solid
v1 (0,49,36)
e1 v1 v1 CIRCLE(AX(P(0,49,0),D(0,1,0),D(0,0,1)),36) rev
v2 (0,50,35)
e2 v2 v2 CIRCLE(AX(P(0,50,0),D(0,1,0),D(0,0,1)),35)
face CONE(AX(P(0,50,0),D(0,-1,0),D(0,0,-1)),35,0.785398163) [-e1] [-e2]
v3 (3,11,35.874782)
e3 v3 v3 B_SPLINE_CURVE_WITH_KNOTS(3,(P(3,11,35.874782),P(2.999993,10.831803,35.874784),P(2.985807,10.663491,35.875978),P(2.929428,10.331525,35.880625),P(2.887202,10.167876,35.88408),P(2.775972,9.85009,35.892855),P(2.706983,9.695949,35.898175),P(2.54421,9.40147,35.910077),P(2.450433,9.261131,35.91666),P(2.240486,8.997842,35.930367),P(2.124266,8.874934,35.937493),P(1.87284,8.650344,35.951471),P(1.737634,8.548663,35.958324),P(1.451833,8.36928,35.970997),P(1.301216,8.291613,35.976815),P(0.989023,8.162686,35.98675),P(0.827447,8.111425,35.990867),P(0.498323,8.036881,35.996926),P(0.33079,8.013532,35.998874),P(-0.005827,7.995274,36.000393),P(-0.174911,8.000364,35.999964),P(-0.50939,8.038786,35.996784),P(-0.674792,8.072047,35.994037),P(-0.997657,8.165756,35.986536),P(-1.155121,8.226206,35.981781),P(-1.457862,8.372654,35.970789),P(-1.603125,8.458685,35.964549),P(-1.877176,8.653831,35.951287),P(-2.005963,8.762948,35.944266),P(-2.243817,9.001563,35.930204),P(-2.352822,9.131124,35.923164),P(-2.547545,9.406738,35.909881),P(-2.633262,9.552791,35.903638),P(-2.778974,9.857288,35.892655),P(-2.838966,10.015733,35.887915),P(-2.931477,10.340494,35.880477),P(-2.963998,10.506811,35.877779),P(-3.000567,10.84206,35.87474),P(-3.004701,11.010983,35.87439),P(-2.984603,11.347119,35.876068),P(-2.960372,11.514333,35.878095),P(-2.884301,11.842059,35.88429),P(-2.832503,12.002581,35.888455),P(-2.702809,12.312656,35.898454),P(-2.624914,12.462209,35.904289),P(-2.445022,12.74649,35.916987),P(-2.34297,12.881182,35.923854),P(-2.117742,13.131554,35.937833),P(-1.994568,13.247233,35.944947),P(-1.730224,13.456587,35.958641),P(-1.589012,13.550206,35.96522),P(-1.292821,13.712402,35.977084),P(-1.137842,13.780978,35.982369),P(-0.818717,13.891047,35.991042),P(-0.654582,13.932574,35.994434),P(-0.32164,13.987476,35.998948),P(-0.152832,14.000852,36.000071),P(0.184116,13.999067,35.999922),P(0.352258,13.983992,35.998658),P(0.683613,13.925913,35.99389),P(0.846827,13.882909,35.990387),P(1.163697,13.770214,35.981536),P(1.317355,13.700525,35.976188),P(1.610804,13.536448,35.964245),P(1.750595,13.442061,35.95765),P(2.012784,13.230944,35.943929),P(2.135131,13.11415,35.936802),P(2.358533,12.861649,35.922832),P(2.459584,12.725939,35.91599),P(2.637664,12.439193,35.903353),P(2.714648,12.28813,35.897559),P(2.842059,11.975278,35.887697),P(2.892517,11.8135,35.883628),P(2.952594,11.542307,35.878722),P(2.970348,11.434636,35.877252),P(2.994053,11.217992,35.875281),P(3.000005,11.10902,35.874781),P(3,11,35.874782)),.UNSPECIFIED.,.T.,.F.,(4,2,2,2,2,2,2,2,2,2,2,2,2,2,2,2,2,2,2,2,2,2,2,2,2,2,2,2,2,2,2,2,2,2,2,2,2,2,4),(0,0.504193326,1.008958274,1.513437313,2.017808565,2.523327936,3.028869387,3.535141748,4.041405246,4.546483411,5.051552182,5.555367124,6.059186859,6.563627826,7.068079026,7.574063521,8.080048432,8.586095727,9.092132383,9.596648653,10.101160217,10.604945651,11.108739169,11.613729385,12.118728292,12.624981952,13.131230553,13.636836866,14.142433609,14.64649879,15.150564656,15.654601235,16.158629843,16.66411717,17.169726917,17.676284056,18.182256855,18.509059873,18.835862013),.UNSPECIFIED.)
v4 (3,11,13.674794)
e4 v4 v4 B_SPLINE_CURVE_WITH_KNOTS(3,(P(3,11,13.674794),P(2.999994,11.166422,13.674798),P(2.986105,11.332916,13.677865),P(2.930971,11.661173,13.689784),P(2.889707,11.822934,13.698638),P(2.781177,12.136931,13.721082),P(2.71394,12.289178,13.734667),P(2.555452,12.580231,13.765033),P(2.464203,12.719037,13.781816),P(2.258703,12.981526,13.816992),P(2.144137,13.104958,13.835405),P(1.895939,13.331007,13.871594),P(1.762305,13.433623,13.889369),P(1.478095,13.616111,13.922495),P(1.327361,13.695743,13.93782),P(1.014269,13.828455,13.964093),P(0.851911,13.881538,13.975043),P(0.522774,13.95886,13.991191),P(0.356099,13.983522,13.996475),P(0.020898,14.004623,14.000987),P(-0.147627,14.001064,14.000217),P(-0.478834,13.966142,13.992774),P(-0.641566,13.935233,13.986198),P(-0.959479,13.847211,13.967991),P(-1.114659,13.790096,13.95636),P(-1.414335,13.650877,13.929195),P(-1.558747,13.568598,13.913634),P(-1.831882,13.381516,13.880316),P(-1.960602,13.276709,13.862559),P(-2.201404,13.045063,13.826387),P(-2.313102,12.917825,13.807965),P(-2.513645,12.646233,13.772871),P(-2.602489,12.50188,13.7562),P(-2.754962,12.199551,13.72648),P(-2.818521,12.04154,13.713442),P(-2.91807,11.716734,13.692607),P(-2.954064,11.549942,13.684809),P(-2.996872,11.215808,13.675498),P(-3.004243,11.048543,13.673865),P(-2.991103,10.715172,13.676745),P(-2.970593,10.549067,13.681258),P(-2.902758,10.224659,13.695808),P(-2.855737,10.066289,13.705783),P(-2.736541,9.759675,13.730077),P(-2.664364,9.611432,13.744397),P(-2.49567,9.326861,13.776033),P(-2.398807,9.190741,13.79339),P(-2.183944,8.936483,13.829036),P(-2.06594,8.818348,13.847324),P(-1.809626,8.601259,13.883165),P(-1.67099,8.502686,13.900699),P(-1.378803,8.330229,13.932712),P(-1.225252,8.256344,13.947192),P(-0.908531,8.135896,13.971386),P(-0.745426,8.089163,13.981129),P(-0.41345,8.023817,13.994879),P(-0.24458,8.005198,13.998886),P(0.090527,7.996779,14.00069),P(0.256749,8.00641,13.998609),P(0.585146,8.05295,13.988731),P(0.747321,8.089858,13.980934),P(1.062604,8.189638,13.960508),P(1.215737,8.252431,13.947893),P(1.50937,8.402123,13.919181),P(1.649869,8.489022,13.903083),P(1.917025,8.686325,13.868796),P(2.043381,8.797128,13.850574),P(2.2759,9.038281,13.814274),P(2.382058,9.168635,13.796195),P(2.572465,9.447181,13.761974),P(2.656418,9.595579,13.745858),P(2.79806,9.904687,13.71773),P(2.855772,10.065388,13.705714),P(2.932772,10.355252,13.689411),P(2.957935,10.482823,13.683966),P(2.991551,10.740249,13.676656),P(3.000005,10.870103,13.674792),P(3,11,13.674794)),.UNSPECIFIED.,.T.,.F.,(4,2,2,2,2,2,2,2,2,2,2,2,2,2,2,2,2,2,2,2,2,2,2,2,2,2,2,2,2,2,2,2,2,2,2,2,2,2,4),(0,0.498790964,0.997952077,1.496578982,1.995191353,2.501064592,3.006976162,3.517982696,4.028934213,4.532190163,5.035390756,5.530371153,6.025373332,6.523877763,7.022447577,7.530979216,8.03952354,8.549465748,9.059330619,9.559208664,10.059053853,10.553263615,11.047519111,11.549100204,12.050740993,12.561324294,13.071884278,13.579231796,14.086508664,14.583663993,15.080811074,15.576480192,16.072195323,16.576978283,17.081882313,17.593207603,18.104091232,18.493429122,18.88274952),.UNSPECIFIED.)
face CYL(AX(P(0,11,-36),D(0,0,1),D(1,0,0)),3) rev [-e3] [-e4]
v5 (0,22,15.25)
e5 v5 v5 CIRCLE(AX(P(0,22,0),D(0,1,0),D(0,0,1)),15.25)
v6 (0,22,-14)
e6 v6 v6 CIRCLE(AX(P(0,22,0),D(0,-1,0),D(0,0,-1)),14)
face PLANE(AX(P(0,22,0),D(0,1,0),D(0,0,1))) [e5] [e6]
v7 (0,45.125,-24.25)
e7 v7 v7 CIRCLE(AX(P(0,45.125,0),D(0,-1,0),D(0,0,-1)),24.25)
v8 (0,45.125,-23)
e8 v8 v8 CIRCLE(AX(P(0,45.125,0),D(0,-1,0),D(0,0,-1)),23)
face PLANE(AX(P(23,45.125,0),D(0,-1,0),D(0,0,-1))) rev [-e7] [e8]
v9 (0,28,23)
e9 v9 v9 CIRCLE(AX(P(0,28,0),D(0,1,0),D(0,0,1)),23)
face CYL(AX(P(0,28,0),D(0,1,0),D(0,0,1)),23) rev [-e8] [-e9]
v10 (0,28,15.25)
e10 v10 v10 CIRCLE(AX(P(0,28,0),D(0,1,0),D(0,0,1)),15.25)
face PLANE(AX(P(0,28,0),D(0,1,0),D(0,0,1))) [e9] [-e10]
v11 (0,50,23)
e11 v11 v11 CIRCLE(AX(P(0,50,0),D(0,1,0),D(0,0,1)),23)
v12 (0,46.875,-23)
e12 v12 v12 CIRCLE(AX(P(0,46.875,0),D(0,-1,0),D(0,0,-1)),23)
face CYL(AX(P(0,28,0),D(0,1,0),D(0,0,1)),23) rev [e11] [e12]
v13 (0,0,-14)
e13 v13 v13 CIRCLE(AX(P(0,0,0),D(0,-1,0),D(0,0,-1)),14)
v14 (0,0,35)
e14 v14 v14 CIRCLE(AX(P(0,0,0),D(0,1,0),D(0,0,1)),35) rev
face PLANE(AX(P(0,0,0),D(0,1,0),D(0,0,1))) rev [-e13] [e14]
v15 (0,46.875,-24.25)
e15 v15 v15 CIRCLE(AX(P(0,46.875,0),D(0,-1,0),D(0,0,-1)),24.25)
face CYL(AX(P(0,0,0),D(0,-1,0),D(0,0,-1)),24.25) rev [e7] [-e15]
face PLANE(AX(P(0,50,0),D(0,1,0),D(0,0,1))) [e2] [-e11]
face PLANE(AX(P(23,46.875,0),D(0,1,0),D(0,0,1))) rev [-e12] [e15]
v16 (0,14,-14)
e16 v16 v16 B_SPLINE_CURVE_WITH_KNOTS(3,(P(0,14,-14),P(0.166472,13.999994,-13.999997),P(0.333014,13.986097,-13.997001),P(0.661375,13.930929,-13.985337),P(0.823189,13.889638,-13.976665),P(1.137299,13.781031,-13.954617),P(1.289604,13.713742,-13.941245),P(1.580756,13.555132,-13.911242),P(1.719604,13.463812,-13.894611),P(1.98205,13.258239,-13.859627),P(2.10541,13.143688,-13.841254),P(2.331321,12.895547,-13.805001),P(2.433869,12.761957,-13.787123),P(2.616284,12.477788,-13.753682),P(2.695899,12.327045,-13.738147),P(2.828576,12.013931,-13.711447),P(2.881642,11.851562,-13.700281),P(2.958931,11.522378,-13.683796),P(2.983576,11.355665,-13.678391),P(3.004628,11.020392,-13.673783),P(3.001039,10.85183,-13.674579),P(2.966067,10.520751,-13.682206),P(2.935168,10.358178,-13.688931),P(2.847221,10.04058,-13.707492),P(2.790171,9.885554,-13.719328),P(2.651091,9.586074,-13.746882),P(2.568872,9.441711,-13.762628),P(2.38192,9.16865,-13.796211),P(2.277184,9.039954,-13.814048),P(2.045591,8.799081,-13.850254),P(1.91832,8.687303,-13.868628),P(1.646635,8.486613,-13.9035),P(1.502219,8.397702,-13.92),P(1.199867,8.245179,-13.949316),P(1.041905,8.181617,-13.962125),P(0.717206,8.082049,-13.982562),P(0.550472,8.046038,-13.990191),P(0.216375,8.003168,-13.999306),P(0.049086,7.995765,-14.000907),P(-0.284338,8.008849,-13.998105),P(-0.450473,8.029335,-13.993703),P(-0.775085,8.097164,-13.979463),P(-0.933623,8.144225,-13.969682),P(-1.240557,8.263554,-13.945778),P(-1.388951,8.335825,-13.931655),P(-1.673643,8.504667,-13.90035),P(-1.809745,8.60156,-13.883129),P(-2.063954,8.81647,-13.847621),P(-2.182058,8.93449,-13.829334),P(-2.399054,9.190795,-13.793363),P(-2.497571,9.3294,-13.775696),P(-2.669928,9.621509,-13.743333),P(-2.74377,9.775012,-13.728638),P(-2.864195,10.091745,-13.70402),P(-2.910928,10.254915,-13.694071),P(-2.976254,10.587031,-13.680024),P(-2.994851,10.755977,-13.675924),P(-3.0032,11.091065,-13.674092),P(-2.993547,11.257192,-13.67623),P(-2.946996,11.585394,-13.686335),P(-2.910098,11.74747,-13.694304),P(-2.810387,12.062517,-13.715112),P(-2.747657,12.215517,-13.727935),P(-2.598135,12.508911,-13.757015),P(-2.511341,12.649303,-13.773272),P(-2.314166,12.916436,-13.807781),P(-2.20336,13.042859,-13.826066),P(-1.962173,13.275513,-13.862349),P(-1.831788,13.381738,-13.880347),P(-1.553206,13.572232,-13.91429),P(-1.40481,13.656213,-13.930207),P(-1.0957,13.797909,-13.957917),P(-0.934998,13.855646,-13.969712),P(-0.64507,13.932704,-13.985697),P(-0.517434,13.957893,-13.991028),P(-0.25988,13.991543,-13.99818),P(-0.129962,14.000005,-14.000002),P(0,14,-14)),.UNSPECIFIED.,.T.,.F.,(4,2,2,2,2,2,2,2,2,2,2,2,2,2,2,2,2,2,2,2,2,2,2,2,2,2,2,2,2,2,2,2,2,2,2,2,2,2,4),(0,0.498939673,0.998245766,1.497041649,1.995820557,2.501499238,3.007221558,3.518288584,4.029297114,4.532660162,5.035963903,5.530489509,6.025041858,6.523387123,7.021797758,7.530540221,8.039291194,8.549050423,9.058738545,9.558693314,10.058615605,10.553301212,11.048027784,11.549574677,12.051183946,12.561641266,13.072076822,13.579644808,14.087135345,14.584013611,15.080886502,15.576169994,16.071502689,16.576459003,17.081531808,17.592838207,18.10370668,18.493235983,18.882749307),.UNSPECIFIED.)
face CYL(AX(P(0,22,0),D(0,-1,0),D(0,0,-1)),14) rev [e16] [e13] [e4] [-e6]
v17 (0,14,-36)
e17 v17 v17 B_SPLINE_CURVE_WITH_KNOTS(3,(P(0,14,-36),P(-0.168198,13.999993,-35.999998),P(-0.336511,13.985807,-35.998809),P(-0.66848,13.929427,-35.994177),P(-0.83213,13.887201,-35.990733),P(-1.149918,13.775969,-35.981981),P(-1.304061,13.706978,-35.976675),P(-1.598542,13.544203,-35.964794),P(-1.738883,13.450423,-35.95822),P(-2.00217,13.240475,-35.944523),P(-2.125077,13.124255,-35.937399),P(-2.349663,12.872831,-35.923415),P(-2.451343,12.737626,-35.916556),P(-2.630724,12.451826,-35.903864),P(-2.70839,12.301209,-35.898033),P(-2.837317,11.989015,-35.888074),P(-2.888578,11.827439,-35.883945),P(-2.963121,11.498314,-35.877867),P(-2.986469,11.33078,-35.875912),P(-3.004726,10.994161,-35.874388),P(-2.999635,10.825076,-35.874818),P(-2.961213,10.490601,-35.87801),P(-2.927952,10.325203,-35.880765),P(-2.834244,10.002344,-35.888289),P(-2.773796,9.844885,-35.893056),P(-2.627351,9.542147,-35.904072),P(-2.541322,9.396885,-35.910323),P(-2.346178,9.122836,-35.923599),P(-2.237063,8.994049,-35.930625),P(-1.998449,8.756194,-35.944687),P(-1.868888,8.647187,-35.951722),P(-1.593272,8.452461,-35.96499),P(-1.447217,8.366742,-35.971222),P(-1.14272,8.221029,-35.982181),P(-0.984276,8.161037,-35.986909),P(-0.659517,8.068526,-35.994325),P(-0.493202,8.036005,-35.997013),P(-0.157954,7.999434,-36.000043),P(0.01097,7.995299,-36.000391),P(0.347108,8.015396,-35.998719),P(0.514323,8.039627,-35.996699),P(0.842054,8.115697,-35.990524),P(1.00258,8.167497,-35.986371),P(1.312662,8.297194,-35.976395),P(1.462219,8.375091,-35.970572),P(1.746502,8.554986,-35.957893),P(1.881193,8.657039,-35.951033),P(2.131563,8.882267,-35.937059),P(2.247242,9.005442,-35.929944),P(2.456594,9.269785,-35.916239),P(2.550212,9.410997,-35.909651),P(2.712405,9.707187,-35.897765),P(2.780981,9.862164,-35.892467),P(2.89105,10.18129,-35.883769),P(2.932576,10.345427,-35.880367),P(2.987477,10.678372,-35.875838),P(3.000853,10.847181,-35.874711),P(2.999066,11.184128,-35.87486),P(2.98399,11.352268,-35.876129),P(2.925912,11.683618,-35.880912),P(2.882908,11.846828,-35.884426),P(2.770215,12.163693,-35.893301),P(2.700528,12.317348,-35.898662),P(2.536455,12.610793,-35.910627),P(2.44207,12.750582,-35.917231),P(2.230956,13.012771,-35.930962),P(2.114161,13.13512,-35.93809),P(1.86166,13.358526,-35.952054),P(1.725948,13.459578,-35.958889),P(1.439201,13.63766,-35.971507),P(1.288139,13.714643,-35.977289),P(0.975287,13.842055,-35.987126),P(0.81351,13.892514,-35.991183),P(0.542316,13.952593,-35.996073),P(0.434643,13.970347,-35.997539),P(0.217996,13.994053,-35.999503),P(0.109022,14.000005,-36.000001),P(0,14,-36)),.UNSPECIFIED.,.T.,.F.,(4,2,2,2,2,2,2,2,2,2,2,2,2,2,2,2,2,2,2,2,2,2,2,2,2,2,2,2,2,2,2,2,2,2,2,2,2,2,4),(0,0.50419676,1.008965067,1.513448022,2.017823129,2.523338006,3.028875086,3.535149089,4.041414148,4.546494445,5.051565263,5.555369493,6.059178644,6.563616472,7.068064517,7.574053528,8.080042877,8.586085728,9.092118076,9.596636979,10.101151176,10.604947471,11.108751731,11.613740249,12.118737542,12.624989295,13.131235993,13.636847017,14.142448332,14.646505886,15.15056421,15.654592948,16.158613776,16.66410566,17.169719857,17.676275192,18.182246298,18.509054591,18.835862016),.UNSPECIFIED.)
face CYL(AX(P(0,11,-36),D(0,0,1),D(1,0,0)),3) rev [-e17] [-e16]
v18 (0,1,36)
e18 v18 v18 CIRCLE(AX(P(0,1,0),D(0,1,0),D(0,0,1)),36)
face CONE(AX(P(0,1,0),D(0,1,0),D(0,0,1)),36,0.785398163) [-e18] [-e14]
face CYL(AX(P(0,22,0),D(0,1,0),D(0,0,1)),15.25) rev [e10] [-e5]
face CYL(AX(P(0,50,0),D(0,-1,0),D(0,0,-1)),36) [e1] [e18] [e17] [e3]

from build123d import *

# Parameters (mm, degrees)
SKETCH1_R               = 36
BOSS_EXTRUDE1_DEPTH     = 50
SKETCH2_R               = 23
CUT_EXTRUDE1_DEPTH      = 22
SKETCH3_R               = 14
CUT_EXTRUDE2_DEPTH      = 22
SKETCH4_R               = 15.25
CUT_EXTRUDE3_DEPTH      = 6
SKETCH5_W               = 1.25
SKETCH5_H               = 1.75
CUT_EXTRUDE4_DEPTH      = 72.3582511
CUT_EXTRUDE4_DEPTH_BACK = 72.3582511
SKETCH6_R               = 3
CHAMFER1_SIZE           = 1


with BuildPart() as part:
    # Sketch1 → Boss-Extrude1 (new body)
    with BuildSketch(Plane(origin=(0, 0, 0), x_dir=(1, 0, 0), z_dir=(0, 1, 0))):
        with Locations(Location((0, 0, 0), (0, 0, 270))):
            Circle(SKETCH1_R)
    extrude(amount=BOSS_EXTRUDE1_DEPTH)

    # Sketch2 → Cut-Extrude1 (cut)
    with BuildSketch(Plane(origin=(0, 50, 0), x_dir=(1, 0, 0), z_dir=(0, 1, 0))):
        with Locations(Location((0, 0, 0), (0, 0, 270))):
            Circle(SKETCH2_R)
    extrude(amount=-CUT_EXTRUDE1_DEPTH, mode=Mode.SUBTRACT)

    # Sketch3 → Cut-Extrude2 (cut)
    with BuildSketch(Plane.XZ):
        with Locations(Location((0, 0, 0), (0, 0, 270))):
            Circle(SKETCH3_R)
    extrude(amount=-CUT_EXTRUDE2_DEPTH, mode=Mode.SUBTRACT)

    # Sketch4 → Cut-Extrude3 (cut)
    with BuildSketch(Plane(origin=(0, 28, 0), x_dir=(1, 0, 0), z_dir=(0, 1, 0))):
        with Locations(Location((0, 0, 0), (0, 0, 270))):
            Circle(SKETCH4_R)
    extrude(amount=-CUT_EXTRUDE3_DEPTH, mode=Mode.SUBTRACT)

    # Sketch5 → Cut-Revolve1 (revolve, cut)
    with BuildSketch(Plane.XY, mode=Mode.PRIVATE) as cut_revolve1_sk:
        with Locations((23.625, 46)):
            Rectangle(SKETCH5_W, SKETCH5_H)
    revolve(cut_revolve1_sk.sketch.rotate(Axis((0, 0, 0), (0, 1, 0)), 270), axis=Axis((0, 0, 0), (0, 1, 0)), mode=Mode.SUBTRACT)

    # Sketch6 → Cut-Extrude4 (cut, two sides: drawn at the far end of the back side and taken through both)
    with BuildSketch(Plane.XY.offset(-CUT_EXTRUDE4_DEPTH_BACK)):
        with Locations((0, 11)):
            Circle(SKETCH6_R)
    extrude(amount=CUT_EXTRUDE4_DEPTH + CUT_EXTRUDE4_DEPTH_BACK, mode=Mode.SUBTRACT)

    # Chamfer1
    chamfer1_edges = [part.edges().sort_by_distance(p)[0] for p in [
        (0, 0, -36),
        (0, 50, -36),
    ]]
    chamfer(chamfer1_edges, length=CHAMFER1_SIZE)


solid = part.part
